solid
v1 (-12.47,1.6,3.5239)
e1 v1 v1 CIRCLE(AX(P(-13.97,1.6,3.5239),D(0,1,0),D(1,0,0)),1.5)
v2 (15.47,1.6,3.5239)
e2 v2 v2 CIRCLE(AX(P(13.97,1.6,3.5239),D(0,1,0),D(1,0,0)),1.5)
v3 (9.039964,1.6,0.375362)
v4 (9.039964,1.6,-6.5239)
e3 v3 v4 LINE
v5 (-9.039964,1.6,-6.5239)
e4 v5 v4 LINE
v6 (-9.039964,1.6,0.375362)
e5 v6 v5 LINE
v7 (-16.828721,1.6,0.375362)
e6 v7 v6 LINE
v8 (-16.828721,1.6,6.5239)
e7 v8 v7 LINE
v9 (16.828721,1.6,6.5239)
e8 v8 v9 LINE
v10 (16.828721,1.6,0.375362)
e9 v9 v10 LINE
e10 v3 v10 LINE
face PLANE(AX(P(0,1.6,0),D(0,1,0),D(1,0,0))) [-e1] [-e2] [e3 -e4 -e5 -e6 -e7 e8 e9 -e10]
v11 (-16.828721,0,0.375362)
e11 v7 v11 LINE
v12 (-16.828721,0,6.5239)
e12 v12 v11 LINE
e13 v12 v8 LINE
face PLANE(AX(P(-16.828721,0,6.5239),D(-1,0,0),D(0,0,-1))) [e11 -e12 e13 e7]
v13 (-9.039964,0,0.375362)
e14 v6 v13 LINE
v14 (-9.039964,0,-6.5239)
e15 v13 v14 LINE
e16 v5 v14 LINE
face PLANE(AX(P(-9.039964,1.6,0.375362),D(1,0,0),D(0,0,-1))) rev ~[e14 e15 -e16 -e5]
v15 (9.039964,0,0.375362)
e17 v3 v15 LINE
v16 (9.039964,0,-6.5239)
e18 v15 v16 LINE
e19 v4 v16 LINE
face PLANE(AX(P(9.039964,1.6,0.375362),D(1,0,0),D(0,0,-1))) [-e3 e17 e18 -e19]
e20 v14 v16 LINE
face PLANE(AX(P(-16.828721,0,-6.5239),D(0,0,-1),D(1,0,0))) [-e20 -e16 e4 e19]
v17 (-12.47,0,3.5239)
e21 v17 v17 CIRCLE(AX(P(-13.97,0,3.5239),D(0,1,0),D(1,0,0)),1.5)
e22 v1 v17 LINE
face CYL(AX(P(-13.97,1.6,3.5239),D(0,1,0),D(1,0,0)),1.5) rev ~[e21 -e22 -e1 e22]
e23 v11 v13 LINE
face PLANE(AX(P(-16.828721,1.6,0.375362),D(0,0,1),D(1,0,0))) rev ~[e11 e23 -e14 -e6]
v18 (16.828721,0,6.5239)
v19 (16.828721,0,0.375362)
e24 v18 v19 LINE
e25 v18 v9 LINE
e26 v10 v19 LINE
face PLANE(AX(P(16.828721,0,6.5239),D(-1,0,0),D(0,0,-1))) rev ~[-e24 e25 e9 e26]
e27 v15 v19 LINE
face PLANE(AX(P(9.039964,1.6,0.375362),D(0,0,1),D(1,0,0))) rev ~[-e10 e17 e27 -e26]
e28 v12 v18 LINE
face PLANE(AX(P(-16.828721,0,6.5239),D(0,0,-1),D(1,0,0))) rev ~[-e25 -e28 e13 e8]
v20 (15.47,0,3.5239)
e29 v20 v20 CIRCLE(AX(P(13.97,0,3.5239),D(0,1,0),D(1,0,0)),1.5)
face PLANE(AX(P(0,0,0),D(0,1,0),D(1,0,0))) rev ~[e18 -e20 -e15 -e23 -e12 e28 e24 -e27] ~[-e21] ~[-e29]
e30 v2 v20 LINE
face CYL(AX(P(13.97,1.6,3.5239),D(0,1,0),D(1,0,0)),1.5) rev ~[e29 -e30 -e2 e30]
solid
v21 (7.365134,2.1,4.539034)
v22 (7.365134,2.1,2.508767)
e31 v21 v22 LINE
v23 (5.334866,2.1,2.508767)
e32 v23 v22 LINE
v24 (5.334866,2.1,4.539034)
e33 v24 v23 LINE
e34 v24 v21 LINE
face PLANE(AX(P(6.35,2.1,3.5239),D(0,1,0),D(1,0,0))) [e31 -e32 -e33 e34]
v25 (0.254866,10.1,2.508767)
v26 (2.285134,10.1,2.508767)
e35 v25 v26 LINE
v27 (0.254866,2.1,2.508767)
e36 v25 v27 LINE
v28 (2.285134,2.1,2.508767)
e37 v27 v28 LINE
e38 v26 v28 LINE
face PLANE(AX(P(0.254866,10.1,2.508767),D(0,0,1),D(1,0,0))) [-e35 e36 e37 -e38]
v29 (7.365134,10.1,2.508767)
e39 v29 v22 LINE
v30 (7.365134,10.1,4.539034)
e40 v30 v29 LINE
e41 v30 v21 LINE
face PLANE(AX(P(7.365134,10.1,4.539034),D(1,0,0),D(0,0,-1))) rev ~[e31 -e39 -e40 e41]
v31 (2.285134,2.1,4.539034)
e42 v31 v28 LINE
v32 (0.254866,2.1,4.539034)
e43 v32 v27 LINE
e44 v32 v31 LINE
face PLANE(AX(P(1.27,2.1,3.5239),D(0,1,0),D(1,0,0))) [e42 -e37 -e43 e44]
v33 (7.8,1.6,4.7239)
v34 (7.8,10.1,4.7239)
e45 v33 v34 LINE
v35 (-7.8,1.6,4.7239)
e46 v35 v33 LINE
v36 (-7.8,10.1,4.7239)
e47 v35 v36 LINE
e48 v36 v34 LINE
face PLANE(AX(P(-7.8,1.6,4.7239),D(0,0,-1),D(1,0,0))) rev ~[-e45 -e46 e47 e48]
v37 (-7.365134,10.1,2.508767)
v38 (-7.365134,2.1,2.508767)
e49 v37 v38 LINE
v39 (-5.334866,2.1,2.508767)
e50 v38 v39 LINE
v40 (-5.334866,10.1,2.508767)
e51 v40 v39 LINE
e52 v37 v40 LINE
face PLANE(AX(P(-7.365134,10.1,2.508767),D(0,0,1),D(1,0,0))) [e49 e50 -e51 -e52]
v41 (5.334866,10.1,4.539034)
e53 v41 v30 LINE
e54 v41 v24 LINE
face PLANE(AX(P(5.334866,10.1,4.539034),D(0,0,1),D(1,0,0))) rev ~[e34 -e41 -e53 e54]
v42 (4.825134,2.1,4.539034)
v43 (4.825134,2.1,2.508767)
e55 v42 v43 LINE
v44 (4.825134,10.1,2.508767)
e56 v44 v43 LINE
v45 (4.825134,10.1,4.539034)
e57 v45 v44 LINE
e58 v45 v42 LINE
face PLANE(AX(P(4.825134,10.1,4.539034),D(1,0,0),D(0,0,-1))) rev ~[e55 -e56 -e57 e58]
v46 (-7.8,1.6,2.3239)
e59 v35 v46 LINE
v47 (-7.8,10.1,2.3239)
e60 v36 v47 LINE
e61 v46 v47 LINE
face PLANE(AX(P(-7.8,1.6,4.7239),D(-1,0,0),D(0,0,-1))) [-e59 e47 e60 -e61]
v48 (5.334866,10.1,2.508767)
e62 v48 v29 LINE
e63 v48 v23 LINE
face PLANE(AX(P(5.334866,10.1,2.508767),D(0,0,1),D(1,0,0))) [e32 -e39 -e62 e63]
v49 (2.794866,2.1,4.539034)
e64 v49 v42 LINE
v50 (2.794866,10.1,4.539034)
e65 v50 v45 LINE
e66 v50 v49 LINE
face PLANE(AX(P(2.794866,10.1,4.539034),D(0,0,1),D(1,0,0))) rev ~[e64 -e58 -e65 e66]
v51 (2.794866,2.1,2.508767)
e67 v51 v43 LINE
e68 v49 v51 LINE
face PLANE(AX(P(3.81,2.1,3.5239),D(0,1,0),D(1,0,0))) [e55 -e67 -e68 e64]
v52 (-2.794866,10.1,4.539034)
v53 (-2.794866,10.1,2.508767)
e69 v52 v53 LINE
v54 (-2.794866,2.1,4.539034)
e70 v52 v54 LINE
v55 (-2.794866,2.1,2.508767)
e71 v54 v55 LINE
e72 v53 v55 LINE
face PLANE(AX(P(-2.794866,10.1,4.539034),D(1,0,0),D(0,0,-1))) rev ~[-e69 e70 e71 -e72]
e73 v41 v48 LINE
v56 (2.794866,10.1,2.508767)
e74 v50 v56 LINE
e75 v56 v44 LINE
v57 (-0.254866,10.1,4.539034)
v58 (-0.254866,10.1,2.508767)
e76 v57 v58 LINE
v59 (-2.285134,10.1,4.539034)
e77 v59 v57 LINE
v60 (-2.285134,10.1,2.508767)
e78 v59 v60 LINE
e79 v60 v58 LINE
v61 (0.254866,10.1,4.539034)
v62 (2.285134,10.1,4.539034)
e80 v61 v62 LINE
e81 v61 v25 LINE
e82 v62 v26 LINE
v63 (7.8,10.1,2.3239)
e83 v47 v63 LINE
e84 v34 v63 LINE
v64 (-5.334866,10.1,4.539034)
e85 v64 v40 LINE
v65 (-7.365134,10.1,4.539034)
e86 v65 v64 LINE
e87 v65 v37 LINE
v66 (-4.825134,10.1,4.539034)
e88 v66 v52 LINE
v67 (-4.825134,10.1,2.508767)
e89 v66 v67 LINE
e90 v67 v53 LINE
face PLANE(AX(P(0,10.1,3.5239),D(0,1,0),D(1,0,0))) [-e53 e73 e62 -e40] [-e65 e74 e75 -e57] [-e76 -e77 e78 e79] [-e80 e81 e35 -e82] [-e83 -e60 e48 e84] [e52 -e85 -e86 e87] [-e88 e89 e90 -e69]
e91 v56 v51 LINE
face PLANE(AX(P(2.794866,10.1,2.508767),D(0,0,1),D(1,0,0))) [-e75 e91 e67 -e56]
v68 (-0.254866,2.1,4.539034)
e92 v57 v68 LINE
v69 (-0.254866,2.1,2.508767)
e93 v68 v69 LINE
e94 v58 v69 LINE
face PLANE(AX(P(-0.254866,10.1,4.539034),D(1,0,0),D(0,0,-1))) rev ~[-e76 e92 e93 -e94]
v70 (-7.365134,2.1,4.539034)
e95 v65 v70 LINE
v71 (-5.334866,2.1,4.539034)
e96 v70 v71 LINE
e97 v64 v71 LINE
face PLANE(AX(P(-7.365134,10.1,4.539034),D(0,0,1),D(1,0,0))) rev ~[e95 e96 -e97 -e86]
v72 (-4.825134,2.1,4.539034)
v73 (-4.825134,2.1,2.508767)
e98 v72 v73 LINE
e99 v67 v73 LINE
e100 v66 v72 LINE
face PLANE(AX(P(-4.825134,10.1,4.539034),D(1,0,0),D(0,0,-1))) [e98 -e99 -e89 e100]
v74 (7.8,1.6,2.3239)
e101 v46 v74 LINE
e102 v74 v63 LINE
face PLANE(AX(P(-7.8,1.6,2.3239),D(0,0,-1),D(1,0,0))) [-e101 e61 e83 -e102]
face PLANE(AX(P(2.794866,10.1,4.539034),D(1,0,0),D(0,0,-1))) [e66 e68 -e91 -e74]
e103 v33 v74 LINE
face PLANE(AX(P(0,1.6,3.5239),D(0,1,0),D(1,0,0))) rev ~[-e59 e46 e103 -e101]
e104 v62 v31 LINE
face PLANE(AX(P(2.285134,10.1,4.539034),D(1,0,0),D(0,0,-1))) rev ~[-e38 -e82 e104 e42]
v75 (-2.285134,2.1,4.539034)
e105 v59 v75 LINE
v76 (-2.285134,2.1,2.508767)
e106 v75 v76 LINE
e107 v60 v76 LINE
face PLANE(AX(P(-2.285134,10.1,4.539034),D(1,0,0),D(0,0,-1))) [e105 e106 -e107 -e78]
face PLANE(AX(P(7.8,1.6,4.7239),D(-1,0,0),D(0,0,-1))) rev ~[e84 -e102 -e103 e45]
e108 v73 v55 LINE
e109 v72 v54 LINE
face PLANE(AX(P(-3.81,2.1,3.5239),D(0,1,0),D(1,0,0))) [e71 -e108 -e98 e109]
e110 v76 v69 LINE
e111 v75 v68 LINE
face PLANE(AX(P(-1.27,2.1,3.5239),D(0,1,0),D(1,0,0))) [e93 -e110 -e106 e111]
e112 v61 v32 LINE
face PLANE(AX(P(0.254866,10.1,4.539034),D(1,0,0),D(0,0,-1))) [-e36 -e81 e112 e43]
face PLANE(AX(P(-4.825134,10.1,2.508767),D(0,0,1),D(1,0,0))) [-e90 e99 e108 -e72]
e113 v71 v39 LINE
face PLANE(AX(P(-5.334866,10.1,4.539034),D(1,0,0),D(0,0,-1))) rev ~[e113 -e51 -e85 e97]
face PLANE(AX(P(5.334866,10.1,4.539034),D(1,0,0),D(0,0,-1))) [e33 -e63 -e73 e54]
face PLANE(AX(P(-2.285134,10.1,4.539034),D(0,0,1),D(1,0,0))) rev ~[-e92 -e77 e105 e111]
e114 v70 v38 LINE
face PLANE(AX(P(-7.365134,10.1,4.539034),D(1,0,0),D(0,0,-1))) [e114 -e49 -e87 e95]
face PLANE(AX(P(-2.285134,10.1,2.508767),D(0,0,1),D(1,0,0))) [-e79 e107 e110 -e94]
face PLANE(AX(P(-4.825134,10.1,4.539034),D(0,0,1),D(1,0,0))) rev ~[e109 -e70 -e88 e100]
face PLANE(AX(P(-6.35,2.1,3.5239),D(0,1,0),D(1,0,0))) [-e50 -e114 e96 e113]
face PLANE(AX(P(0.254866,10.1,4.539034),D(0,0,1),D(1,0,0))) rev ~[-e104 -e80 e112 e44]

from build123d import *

# Parameters (mm, degrees)
SKETCH1_W           = 33.657442538
SKETCH1_H           = 13.047800822
BOSS_EXTRUDE1_DEPTH = 1.6
SKETCH2_W           = 15.6
SKETCH2_H           = 2.4
BOSS_EXTRUDE2_DEPTH = 8.5
SKETCH2_3_R         = 1.5
CUT_EXTRUDE2_DEPTH  = 2.6
SKETCH3_W           = 2.030267254
SKETCH3_H           = 2.030267255
CUT_EXTRUDE1_DEPTH  = 8
SKETCH4_W           = 7.788757613
SKETCH4_H           = 6.899262224
CUT_EXTRUDE3_DEPTH  = 2.6


with BuildPart() as part:
    # Sketch1 → Boss-Extrude1 (new body)
    with BuildSketch(Plane(origin=(0, 0, 0), x_dir=(1, 0, 0), z_dir=(0, 1, 0))):
        Rectangle(SKETCH1_W, SKETCH1_H)
    extrude(amount=BOSS_EXTRUDE1_DEPTH)

    # Sketch2<3> → Cut-Extrude2 (cut, through all)
    with BuildSketch(Plane(origin=(0, 1.6, 0), x_dir=(1, 0, 0), z_dir=(0, 1, 0))):
        with Locations((-13.97, -3.523900411)):
            Circle(SKETCH2_3_R)
        with Locations((13.97, -3.523900411)):
            Circle(SKETCH2_3_R)
    extrude(amount=-CUT_EXTRUDE2_DEPTH, mode=Mode.SUBTRACT)

    # Sketch4 → Cut-Extrude3 (cut, through all)
    with BuildSketch(Plane(origin=(0, 1.6, 0), x_dir=(1, 0, 0), z_dir=(0, 1, 0))):
        with Locations((-12.934342463, 3.074269299)):
            Rectangle(SKETCH4_W, SKETCH4_H)
        with Locations((12.934342463, 3.074269299)):
            Rectangle(SKETCH4_W, SKETCH4_H)
    extrude(amount=-CUT_EXTRUDE3_DEPTH, mode=Mode.SUBTRACT)


with BuildPart() as body_2:
    # Sketch2 → Boss-Extrude2 (new body)
    with BuildSketch(Plane(origin=(0, 1.6, 0), x_dir=(1, 0, 0), z_dir=(0, 1, 0))):
        with Locations((0, -3.523900411)):
            Rectangle(SKETCH2_W, SKETCH2_H)
    extrude(amount=BOSS_EXTRUDE2_DEPTH)

    # Sketch3 → Cut-Extrude1 (cut)
    with BuildSketch(Plane(origin=(0, 10.1, 0), x_dir=(1, 0, 0), z_dir=(0, 1, 0))):
        with Locations((-3.81, -3.523900412)):
            Rectangle(SKETCH3_W, SKETCH3_H)
        with Locations((-6.35, -3.523900412)):
            Rectangle(SKETCH3_W, SKETCH3_H)
        with Locations((-1.27, -3.523900412)):
            Rectangle(SKETCH3_W, SKETCH3_H)
        with Locations((1.27, -3.523900412)):
            Rectangle(SKETCH3_W, SKETCH3_H)
        with Locations((3.81, -3.523900412)):
            Rectangle(SKETCH3_W, SKETCH3_H)
        with Locations((6.35, -3.523900412)):
            Rectangle(SKETCH3_W, SKETCH3_H)
    extrude(amount=-CUT_EXTRUDE1_DEPTH, mode=Mode.SUBTRACT)


solid = Compound([part.part, body_2.part])
